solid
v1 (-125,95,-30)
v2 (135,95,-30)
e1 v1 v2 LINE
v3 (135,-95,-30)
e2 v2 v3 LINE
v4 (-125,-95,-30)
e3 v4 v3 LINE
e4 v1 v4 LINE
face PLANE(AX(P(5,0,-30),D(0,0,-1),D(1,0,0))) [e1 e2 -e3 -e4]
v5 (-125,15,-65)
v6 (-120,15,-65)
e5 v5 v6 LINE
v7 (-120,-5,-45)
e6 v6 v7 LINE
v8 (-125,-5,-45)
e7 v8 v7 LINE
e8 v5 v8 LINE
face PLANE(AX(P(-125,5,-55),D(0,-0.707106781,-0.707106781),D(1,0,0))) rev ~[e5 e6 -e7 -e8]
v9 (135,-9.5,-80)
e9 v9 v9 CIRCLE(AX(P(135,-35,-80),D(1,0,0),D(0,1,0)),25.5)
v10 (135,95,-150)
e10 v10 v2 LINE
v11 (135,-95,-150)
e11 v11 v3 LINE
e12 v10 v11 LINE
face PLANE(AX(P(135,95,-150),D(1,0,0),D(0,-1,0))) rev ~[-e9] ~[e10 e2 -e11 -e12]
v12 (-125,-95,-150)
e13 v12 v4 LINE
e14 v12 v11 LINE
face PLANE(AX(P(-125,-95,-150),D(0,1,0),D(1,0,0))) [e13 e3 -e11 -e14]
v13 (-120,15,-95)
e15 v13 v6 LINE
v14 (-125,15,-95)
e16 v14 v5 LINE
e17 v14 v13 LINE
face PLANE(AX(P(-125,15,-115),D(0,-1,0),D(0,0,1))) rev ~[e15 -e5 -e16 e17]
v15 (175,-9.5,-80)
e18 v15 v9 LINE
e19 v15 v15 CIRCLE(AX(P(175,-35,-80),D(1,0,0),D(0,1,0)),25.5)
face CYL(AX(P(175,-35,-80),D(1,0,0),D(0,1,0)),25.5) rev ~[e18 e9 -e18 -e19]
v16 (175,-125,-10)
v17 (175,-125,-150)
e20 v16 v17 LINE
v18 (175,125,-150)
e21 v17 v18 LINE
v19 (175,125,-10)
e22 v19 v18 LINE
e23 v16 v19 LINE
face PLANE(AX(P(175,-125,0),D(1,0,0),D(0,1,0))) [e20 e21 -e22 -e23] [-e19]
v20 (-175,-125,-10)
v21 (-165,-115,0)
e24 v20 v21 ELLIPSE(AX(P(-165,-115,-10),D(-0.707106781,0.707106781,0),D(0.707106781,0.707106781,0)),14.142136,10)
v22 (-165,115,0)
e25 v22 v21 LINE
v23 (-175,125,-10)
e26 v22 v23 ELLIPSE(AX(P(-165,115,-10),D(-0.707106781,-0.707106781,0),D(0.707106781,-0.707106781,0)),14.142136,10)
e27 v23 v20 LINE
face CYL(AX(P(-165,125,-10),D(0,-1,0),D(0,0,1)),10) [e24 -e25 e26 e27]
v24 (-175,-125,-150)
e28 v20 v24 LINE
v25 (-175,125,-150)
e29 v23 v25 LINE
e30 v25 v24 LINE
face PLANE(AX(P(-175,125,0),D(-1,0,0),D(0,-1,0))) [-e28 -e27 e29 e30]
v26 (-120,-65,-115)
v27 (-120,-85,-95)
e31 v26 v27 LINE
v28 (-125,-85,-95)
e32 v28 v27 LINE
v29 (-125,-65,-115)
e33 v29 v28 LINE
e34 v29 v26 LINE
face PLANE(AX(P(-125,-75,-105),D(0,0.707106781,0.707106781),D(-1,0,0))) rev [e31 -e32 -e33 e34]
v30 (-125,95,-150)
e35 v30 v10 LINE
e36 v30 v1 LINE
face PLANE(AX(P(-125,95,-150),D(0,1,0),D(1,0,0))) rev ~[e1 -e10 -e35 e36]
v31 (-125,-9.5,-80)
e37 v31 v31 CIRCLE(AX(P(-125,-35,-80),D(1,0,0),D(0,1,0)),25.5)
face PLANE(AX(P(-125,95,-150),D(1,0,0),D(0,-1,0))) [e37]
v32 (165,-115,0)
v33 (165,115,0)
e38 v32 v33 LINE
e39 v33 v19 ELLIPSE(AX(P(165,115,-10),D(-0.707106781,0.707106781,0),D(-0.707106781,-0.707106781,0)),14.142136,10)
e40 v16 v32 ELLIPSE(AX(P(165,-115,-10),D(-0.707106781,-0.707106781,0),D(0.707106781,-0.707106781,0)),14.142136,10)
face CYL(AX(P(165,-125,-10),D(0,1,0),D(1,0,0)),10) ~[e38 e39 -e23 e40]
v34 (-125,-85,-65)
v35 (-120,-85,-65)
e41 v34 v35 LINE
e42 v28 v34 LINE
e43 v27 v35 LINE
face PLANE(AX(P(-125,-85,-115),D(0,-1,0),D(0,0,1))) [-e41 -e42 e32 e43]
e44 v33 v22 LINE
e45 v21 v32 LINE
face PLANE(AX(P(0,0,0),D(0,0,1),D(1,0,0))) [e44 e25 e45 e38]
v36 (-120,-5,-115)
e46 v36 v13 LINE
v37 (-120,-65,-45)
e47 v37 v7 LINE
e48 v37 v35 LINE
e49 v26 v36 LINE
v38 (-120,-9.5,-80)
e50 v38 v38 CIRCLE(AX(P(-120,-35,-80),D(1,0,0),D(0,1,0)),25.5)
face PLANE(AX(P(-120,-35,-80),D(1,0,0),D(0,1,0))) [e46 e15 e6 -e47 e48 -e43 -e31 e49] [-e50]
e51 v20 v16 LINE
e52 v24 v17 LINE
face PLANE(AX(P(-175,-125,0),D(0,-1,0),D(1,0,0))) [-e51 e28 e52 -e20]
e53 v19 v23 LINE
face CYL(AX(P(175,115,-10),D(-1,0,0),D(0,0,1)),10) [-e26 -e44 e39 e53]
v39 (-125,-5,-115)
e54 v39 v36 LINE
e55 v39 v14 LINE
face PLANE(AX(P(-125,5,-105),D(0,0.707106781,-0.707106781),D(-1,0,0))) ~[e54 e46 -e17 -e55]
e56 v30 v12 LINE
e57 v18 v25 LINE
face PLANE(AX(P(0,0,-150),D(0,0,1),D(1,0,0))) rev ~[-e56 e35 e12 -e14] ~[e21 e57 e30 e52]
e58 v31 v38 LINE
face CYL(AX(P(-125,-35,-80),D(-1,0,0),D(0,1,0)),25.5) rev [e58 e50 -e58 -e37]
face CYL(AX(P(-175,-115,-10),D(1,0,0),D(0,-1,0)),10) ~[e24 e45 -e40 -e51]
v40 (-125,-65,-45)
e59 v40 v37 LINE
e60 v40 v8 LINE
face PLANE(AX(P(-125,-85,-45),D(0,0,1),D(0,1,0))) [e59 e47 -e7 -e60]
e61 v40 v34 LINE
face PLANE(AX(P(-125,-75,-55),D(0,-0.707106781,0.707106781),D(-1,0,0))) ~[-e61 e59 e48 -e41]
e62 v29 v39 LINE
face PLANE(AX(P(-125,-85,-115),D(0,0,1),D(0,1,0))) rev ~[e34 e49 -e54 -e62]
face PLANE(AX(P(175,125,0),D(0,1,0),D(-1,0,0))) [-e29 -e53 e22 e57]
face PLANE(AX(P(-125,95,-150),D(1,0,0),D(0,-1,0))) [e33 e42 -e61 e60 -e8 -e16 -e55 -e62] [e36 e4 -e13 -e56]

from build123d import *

# Parameters (mm, degrees)
F2_DEPTH = 150
F3_W     = 260
F3_H     = 190
F4_DEPTH = 120
F5_R     = 25.5
F6_DEPTH = 300
F7_R     = 10
F8_W     = 100
F8_H     = 70
F8_R     = 25.5
F9_DEPTH = 5
F10_SIZE = 20


with BuildPart() as f2:
    # F1 (on Top) → F2 (new body)
    with BuildSketch(Plane.XY):
        Polygon((173, -125), (175, -125), (175, 125), (-175, 125), (-175, -125), align=None)
    extrude(amount=-F2_DEPTH)

    # F3 (on face) → F4 (cut)
    with BuildSketch(Plane(origin=(0, 0, -150), x_dir=(1, 0, 0), z_dir=(0, 0, -1))):
        with Locations((5, 0)):
            Rectangle(F3_W, F3_H)
    extrude(amount=-F4_DEPTH, mode=Mode.SUBTRACT)

    # F5 (on face) → F6 (cut, through all)
    with BuildSketch(Plane.YZ.offset(175)):
        with Locations((-35, -80)):
            Circle(F5_R)
    extrude(amount=-F6_DEPTH, mode=Mode.SUBTRACT)

    # F7
    f7_edges = [f2.edges().sort_by_distance(p)[0] for p in [
        (0, -125, 0),
        (-175, 0, 0),
        (0, 125, 0),
        (175, 0, 0),
    ]]
    fillet(f7_edges, radius=F7_R)

    # F8 (on face) → F9 (join)
    with BuildSketch(Plane.YZ.offset(-125)):
        with Locations((-35, -80)):
            Rectangle(F8_W, F8_H)
        with Locations((-35, -80)):
            Circle(F8_R, mode=Mode.SUBTRACT)
    extrude(amount=F9_DEPTH)

    # F10
    f10_edges = [f2.edges().sort_by_distance(p)[0] for p in [
        (-122.5, -85, -115),
        (-122.5, -85, -45),
        (-122.5, 15, -115),
        (-122.5, 15, -45),
    ]]
    chamfer(f10_edges, length=F10_SIZE)


solid = f2.part
